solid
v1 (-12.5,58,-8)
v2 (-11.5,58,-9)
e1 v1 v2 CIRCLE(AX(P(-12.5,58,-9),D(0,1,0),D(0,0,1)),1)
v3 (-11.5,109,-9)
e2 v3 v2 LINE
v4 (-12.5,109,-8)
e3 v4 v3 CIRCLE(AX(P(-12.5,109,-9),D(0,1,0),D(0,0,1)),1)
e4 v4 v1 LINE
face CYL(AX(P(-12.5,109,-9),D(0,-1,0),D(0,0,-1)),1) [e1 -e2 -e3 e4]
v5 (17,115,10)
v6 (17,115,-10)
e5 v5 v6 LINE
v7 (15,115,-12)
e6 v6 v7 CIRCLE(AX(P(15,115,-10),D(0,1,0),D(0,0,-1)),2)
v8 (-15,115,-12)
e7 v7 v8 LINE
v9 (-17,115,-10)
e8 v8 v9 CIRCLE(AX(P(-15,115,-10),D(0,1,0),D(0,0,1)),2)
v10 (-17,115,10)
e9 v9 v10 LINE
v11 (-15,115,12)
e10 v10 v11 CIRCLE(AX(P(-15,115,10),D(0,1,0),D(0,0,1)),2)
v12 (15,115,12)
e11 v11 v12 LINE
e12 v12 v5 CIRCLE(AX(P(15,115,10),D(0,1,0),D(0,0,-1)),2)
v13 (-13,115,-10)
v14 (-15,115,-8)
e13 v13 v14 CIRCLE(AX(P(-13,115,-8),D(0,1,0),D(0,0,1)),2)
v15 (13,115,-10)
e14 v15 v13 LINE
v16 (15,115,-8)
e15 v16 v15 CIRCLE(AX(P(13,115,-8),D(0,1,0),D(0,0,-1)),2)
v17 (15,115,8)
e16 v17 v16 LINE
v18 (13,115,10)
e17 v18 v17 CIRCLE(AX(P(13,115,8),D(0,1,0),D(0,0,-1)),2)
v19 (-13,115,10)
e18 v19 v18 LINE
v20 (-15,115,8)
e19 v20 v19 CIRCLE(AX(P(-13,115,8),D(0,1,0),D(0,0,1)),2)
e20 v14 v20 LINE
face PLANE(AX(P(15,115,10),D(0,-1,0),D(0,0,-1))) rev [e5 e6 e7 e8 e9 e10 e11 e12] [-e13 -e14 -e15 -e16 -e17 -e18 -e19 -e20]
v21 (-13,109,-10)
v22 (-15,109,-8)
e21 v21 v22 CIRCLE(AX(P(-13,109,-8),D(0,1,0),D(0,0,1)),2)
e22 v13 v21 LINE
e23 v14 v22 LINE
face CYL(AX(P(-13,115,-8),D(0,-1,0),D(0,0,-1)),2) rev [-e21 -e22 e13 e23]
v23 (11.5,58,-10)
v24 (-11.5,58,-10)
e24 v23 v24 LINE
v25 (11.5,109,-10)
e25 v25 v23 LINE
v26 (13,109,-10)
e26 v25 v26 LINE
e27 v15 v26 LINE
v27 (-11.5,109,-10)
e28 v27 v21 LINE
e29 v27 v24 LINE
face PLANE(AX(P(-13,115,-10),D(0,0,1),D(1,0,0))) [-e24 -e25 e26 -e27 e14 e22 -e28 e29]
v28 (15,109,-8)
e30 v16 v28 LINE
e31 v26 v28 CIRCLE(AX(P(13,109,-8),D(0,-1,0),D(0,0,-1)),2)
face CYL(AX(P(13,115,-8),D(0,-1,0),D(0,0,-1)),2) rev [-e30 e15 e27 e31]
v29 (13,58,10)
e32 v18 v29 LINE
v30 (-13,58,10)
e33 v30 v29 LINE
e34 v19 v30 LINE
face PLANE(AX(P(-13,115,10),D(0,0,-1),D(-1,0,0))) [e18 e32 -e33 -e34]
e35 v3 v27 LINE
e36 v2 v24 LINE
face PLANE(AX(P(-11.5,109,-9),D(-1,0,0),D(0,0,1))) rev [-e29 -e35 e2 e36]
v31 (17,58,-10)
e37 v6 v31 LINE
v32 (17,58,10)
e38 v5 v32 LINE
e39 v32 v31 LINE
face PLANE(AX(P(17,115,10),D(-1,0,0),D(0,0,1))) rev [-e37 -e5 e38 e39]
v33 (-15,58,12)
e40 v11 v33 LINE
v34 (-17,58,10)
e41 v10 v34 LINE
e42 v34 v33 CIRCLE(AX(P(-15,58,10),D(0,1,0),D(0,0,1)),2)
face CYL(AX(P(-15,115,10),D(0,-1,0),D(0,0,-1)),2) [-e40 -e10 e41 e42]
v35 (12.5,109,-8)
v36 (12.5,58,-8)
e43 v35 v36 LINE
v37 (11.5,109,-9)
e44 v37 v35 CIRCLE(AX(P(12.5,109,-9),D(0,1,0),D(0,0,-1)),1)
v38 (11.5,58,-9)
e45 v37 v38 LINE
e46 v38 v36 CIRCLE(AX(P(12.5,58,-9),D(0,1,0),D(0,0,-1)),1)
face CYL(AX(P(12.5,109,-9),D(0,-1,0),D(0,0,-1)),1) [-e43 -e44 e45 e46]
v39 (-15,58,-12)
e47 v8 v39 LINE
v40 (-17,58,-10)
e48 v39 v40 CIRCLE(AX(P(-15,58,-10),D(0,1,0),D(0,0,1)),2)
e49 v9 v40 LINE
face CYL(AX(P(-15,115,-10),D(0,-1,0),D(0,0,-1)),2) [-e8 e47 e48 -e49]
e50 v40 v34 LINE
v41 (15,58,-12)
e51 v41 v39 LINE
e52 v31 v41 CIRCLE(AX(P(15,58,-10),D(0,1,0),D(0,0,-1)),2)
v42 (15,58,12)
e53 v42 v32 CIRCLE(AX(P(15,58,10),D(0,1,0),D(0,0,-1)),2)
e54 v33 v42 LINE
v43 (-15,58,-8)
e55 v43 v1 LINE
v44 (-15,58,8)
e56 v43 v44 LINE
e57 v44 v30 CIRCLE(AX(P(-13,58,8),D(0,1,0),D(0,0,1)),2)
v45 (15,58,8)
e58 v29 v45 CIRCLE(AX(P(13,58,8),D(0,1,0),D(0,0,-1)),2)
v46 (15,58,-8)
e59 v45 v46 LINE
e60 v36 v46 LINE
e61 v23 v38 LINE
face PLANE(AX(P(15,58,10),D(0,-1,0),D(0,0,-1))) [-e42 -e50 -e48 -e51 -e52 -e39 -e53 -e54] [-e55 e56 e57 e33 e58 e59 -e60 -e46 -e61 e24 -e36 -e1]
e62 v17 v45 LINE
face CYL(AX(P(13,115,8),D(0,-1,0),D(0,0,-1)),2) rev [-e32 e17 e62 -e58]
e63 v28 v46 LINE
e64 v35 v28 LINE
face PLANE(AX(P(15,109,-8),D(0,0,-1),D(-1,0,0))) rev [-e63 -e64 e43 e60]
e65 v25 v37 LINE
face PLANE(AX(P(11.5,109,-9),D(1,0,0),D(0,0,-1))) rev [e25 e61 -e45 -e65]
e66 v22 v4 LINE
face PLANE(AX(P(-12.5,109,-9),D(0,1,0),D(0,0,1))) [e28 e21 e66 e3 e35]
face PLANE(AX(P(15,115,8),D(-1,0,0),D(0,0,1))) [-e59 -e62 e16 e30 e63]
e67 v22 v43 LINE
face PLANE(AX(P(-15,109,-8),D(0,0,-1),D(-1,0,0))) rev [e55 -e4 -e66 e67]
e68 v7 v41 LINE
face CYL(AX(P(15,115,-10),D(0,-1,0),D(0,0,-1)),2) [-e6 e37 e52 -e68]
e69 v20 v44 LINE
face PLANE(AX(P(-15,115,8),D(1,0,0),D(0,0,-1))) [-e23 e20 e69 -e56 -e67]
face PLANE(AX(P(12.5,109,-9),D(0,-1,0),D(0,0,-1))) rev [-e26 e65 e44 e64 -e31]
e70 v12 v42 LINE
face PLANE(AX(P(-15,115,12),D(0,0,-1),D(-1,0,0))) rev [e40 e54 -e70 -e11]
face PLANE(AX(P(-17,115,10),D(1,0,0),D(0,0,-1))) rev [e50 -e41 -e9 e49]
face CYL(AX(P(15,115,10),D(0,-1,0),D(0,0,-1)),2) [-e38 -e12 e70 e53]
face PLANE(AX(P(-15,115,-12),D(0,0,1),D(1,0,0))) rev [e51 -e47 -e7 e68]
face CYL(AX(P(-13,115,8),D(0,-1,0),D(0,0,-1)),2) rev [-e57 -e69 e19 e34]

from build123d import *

# Parameters (mm, degrees)
BOSS_EXTRUDE4_DEPTH = 57
BOSS_EXTRUDE5_DEPTH = 51


with BuildPart() as part:
    # Sketch8 → Boss-Extrude4 (new body)
    with BuildSketch(Plane(origin=(0, 58, 0), x_dir=(1, 0, 0), z_dir=(0, 1, 0))):
        with BuildLine():
            Line((-15, -12), (15, -12))
            ThreePointArc((15, -12), (16.414213562, -11.414213562), (17, -10))
            Line((17, -10), (17, 10))
            ThreePointArc((17, 10), (16.414213562, 11.414213562), (15, 12))
            Line((15, 12), (-15, 12))
            ThreePointArc((-15, 12), (-16.414213562, 11.414213562), (-17, 10))
            Line((-17, 10), (-17, -10))
            ThreePointArc((-17, -10), (-16.414213562, -11.414213562), (-15, -12))
        make_face()
        with BuildLine():
            Line((-13, -10), (13, -10))
            ThreePointArc((13, -10), (14.414213562, -9.414213562), (15, -8))
            Line((15, -8), (15, 8))
            ThreePointArc((15, 8), (14.414213562, 9.414213562), (13, 10))
            Line((13, 10), (-13, 10))
            ThreePointArc((-13, 10), (-14.414213562, 9.414213562), (-15, 8))
            Line((-15, 8), (-15, -8))
            ThreePointArc((-15, -8), (-14.414213562, -9.414213562), (-13, -10))
        make_face(mode=Mode.SUBTRACT)
    extrude(amount=BOSS_EXTRUDE4_DEPTH)

    # Sketch11 → Boss-Extrude5 (add)
    with BuildSketch(Plane(origin=(0, 58, 0), x_dir=(1, 0, 0), z_dir=(0, 1, 0))):
        with BuildLine():
            Line((15, 8), (12.5, 8))
            ThreePointArc((12.5, 8), (11.792893219, 8.292893219), (11.5, 9))
            Line((11.5, 9), (11.5, 10))
            Line((11.5, 10), (15, 10))
            Line((15, 10), (15, 8))
        make_face()
        with BuildLine():
            Line((-11.5, 10), (-15, 10))
            Line((-15, 10), (-15, 8))
            Line((-15, 8), (-12.5, 8))
            ThreePointArc((-12.5, 8), (-11.792893219, 8.292893219), (-11.5, 9))
            Line((-11.5, 9), (-11.5, 10))
        make_face()
    extrude(amount=BOSS_EXTRUDE5_DEPTH)


solid = part.part
